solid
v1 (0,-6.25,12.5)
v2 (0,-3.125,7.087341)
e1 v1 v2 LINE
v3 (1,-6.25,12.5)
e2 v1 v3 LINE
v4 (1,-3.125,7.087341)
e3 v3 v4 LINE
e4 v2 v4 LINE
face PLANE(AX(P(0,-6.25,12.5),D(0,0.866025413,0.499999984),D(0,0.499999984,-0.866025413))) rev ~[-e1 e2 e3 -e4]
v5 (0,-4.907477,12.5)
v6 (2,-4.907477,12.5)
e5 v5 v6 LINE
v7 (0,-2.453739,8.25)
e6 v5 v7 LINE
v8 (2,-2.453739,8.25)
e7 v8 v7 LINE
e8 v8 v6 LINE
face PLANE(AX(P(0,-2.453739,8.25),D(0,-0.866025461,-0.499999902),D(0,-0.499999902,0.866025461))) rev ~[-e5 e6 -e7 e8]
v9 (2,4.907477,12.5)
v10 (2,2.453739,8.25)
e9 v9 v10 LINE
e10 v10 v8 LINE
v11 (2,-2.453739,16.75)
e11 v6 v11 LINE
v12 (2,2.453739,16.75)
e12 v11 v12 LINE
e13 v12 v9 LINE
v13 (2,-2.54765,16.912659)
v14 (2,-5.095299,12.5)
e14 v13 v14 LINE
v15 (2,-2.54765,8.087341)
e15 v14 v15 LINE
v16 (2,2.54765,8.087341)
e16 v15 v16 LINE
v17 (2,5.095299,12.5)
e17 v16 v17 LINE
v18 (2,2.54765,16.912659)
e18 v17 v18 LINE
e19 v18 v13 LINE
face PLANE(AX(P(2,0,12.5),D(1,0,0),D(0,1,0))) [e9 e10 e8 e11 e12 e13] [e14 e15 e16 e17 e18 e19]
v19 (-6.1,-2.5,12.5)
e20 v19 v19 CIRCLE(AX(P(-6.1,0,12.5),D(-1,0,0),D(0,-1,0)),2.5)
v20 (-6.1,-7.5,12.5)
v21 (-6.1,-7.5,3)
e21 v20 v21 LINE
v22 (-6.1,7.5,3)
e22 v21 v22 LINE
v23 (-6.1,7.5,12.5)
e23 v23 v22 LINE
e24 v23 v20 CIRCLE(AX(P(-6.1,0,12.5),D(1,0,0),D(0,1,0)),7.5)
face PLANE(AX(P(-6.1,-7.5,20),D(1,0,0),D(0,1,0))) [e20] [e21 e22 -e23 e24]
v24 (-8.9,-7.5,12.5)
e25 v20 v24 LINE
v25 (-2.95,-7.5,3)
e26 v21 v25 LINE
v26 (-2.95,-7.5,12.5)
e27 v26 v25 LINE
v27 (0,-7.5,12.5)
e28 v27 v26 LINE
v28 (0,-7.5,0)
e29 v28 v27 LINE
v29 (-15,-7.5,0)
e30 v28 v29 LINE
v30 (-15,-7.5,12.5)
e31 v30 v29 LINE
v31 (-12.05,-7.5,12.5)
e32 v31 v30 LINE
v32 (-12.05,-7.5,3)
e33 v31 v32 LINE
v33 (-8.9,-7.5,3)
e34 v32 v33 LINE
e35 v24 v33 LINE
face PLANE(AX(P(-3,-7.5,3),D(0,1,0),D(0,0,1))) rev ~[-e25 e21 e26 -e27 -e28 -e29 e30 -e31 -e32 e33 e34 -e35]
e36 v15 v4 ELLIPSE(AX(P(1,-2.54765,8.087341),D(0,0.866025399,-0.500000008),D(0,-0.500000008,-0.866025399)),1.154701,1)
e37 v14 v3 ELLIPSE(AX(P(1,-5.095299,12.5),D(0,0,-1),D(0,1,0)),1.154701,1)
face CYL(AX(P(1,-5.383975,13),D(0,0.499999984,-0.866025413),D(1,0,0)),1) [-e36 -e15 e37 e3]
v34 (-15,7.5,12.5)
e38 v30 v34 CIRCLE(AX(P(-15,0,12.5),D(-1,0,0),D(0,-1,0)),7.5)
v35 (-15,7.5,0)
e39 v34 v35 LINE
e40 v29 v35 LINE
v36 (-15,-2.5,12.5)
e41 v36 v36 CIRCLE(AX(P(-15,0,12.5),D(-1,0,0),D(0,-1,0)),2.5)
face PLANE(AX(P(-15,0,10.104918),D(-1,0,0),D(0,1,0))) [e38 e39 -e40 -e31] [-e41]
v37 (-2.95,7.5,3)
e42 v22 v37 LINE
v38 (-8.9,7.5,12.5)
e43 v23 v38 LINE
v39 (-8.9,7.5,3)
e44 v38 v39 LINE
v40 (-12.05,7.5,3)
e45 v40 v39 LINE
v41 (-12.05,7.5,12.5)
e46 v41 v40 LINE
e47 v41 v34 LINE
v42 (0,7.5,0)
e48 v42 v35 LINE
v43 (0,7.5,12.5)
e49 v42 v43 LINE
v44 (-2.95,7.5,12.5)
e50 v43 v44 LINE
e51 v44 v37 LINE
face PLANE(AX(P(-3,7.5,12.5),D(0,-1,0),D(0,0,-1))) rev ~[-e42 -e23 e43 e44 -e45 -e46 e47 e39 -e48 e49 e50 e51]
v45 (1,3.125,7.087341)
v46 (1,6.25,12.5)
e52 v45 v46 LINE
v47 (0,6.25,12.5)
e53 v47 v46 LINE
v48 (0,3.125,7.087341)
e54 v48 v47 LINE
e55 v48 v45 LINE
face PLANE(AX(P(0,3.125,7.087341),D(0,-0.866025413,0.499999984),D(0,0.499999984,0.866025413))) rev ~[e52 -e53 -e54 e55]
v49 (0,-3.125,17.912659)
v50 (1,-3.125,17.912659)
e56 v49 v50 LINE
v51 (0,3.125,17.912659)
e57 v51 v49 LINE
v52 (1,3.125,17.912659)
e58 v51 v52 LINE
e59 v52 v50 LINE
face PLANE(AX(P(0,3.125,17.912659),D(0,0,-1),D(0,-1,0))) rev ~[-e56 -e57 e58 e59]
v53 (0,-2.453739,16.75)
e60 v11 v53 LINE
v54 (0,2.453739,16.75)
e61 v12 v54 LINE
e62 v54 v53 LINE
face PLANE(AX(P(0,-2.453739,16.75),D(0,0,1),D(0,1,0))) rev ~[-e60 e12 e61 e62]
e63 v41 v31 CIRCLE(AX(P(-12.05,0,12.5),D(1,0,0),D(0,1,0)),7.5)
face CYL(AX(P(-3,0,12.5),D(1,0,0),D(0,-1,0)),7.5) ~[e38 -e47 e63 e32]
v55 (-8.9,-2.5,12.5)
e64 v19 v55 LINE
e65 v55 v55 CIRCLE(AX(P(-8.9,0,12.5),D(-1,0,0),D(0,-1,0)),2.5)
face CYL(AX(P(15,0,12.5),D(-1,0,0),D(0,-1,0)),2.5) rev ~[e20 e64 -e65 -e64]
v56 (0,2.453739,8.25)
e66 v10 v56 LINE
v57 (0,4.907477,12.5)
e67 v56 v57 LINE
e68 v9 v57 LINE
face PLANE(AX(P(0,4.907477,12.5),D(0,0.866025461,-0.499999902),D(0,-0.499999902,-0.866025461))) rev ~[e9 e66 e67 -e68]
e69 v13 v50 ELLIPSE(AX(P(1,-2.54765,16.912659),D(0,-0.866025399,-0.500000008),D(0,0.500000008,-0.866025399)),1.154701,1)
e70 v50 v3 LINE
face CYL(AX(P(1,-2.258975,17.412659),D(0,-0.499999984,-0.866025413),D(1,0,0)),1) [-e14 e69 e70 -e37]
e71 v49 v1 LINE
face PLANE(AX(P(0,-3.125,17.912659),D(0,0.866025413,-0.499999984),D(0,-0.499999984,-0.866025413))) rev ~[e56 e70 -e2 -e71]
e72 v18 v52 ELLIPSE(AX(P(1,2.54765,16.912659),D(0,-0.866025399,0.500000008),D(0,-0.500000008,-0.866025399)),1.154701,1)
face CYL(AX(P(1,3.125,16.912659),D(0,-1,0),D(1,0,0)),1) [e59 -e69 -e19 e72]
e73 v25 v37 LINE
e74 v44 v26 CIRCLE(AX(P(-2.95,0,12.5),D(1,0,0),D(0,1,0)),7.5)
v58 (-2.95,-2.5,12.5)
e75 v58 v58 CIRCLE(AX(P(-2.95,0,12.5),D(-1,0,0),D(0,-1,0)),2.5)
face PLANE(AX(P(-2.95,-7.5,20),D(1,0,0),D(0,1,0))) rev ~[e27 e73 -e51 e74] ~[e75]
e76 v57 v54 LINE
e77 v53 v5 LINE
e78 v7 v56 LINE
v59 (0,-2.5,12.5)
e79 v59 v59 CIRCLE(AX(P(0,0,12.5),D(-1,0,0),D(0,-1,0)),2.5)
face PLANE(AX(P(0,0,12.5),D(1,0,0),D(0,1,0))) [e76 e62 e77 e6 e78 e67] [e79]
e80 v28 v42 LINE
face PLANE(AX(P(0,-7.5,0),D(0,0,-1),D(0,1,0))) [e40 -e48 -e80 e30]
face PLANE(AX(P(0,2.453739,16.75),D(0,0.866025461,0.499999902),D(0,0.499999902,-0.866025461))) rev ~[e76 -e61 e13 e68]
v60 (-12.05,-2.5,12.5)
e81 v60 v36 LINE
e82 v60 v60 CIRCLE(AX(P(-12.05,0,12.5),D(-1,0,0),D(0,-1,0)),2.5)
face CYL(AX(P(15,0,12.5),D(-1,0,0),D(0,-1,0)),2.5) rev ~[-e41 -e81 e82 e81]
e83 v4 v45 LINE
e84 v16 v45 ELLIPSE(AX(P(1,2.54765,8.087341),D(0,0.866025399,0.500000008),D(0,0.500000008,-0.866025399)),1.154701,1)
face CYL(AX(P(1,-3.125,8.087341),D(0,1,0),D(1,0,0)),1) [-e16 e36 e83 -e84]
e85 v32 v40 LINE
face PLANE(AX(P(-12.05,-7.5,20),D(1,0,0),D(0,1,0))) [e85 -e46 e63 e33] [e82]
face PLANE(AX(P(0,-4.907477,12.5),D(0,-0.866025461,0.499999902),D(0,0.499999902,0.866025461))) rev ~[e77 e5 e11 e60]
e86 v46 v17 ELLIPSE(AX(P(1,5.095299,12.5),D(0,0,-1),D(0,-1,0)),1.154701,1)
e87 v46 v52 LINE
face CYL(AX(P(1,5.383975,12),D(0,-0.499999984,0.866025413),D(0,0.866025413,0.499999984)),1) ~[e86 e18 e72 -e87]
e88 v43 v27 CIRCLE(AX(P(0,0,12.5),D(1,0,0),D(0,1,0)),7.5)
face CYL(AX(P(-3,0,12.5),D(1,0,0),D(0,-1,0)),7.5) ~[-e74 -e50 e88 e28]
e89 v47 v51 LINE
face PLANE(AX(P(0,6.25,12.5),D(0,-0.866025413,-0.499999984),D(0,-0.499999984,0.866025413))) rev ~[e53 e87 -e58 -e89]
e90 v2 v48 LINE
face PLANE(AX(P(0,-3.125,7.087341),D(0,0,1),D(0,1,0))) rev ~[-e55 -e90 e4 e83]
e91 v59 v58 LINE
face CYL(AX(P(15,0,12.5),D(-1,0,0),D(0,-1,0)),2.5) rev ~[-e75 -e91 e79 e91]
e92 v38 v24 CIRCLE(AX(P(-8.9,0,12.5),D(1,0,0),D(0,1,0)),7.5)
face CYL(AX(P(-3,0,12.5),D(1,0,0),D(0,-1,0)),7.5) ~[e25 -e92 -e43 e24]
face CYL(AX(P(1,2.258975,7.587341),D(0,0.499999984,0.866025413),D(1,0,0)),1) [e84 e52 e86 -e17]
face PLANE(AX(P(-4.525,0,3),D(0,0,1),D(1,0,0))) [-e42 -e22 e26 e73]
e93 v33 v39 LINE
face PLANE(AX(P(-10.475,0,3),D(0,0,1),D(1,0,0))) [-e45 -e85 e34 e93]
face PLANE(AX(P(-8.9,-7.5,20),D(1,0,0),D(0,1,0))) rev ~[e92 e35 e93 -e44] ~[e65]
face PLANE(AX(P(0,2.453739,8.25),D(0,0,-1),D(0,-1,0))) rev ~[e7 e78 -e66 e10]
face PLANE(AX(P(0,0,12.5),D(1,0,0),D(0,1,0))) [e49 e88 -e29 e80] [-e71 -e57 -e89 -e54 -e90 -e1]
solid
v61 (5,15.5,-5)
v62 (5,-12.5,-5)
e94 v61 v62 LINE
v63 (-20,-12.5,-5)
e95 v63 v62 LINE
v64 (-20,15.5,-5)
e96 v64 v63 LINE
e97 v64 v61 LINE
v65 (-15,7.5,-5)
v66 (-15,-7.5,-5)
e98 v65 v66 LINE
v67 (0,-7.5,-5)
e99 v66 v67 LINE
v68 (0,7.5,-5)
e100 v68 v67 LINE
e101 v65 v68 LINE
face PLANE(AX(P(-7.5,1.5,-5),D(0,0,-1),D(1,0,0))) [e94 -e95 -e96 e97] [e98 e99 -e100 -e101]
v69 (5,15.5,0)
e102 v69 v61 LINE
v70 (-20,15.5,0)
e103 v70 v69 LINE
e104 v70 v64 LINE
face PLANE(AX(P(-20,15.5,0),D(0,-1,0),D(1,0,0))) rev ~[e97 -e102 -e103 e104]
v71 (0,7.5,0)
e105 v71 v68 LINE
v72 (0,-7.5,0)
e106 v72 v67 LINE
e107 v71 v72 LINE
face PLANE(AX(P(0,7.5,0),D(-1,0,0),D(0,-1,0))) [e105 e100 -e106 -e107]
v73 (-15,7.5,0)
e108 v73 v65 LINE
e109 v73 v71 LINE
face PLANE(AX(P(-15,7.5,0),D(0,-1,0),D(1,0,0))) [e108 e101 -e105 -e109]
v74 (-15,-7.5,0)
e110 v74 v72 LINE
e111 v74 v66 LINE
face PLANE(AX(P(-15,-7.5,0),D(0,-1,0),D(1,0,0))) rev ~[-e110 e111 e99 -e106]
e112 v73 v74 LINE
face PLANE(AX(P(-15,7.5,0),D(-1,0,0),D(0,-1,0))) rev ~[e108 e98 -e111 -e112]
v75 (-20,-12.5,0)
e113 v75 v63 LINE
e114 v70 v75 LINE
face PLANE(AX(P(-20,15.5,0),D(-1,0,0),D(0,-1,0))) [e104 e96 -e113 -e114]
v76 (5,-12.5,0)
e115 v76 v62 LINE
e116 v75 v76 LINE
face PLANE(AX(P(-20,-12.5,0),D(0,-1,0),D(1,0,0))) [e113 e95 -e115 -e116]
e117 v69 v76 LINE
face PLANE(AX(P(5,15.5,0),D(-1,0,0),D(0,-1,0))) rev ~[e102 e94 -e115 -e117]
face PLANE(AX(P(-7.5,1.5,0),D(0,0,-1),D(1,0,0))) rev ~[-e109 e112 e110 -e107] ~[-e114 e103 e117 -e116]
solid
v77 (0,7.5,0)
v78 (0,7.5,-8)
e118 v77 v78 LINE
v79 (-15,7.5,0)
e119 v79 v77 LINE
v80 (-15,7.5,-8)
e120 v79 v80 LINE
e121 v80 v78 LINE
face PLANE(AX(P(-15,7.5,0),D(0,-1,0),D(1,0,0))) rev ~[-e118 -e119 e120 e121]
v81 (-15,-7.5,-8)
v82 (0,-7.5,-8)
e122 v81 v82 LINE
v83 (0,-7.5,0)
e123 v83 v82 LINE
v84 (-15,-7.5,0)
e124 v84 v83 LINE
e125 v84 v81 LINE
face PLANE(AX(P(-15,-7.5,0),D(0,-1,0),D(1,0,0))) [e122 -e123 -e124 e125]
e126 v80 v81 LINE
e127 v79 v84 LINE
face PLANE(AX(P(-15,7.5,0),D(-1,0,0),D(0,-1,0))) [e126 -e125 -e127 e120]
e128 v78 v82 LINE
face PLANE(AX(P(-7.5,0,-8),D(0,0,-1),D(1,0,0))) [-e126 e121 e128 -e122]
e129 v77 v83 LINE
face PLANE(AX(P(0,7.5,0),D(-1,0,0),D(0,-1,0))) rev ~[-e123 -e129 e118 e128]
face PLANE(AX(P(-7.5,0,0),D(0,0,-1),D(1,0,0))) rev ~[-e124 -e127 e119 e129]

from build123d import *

# Parameters (mm, degrees)
F0_W      = 15
F0_H      = 3
F1_DEPTH  = 15
F2_DEPTH  = 3
F3_DEPTH  = 3
F4_DEPTH  = 2
F5_DEPTH  = 3
F6_DEPTH  = 12
F7_D      = 5
F7_DEPTH  = 15
F9_W      = 3.15
F9_H      = 15
F10_DEPTH = 17
F11_R     = 1
F12_W     = 25
F12_H     = 28
F12_W_2   = 15
F12_H_2   = 15
F13_DEPTH = 5
F1_FACE_W = 15
F1_FACE_H = 15
F14_DEPTH = 8


with BuildPart() as f1:
    # F0 (on Right) → F1 (new body)
    with BuildSketch(Plane.YZ):
        with Locations((0, 1.5)):
            Rectangle(F0_W, F0_H)
    extrude(amount=-F1_DEPTH)

    # F0 (on Right) → F2 (join)
    with BuildSketch(Plane.YZ):
        with BuildLine():
            Line((-7.5, 12.5), (-7.5, 3))
            Line((-7.5, 3), (7.5, 3))
            Line((7.5, 3), (7.5, 12.5))
            ThreePointArc((7.5, 12.5), (0, 20), (-7.5, 12.5))
        make_face()
        Polygon((-6.25, 12.5), (-3.125, 17.912659), (3.125, 17.912659), (6.25, 12.5), (3.125, 7.087341), (-3.125, 7.087341), align=None, mode=Mode.SUBTRACT)
    extrude(amount=-F2_DEPTH)

    # F0 (on Right) → F3 (join)
    with BuildSketch(Plane.YZ):
        Polygon((3.125, 17.912659), (-3.125, 17.912659), (-6.25, 12.5), (-3.125, 7.087341), (3.125, 7.087341), (6.25, 12.5), align=None)
        Polygon((-4.907477, 12.5), (-2.453739, 16.75), (2.453739, 16.75), (4.907477, 12.5), (2.453739, 8.25), (-2.453739, 8.25), align=None, mode=Mode.SUBTRACT)
    extrude(amount=-F3_DEPTH)

    # F0 (on Right) → F4 (join)
    with BuildSketch(Plane.YZ):
        Polygon((3.125, 17.912659), (-3.125, 17.912659), (-6.25, 12.5), (-3.125, 7.087341), (3.125, 7.087341), (6.25, 12.5), align=None)
        Polygon((-4.907477, 12.5), (-2.453739, 16.75), (2.453739, 16.75), (4.907477, 12.5), (2.453739, 8.25), (-2.453739, 8.25), align=None, mode=Mode.SUBTRACT)
    extrude(amount=F4_DEPTH)

    # F0 (on Right) → F5 (join)
    with BuildSketch(Plane.YZ):
        Polygon((2.453739, 16.75), (-2.453739, 16.75), (-4.907477, 12.5), (-2.453739, 8.25), (2.453739, 8.25), (4.907477, 12.5), align=None)
    extrude(amount=-F5_DEPTH)

    # F5_face (on face) → F6 (join)
    with BuildSketch(Plane(origin=(-3, 0, 10.786279), x_dir=(0, 1, 0), z_dir=(-1, 0, 0))):
        with BuildLine():
            Line((-7.5, 7.786279), (-7.5, -1.713721))
            ThreePointArc((-7.5, -1.713721), (0, -9.213721), (7.5, -1.713721))
            Line((7.5, -1.713721), (7.5, 7.786279))
            Line((7.5, 7.786279), (-7.5, 7.786279))
        make_face()
    extrude(amount=F6_DEPTH)

    # F7
    with Locations(Plane.YZ):
        with Locations((0, 12.5)):
            Hole(F7_D / 2, depth=F7_DEPTH)

    # F9 (on offset) → F10 (cut)
    with BuildSketch(Plane.XY.offset(20)):
        with Locations((-10.475, 0)):
            Rectangle(F9_W, F9_H)
        with Locations((-4.525, 0)):
            Rectangle(F9_W, F9_H)
    extrude(amount=-F10_DEPTH, mode=Mode.SUBTRACT)

    # F11
    f11_edges = [f1.edges().sort_by_distance(p)[0] for p in [
        (2, -4.6875, 9.793671),
        (2, 0, 7.087341),
        (2, -4.6875, 15.206329),
        (2, 0, 17.912659),
        (2, 4.6875, 15.206329),
        (2, 4.6875, 9.793671),
    ]]
    fillet(f11_edges, radius=F11_R)


with BuildPart() as f13:
    # F12 (on face) → F13 (new body)
    with BuildSketch(Plane(origin=(0, 0, 0), x_dir=(1, 0, 0), z_dir=(0, 0, -1))):
        with Locations((-7.5, -1.5)):
            Rectangle(F12_W, F12_H)
        with Locations((-7.5, 0)):
            Rectangle(F12_W_2, F12_H_2, mode=Mode.SUBTRACT)
    extrude(amount=F13_DEPTH)


with BuildPart() as f14:
    # F1_face (on face) → F14 (new body)
    with BuildSketch(Plane(origin=(-7.5, 0, 0), x_dir=(1, 0, 0), z_dir=(0, 0, -1))):
        Rectangle(F1_FACE_W, F1_FACE_H)
    extrude(amount=F14_DEPTH)


solid = Compound([f1.part, f13.part, f14.part])
